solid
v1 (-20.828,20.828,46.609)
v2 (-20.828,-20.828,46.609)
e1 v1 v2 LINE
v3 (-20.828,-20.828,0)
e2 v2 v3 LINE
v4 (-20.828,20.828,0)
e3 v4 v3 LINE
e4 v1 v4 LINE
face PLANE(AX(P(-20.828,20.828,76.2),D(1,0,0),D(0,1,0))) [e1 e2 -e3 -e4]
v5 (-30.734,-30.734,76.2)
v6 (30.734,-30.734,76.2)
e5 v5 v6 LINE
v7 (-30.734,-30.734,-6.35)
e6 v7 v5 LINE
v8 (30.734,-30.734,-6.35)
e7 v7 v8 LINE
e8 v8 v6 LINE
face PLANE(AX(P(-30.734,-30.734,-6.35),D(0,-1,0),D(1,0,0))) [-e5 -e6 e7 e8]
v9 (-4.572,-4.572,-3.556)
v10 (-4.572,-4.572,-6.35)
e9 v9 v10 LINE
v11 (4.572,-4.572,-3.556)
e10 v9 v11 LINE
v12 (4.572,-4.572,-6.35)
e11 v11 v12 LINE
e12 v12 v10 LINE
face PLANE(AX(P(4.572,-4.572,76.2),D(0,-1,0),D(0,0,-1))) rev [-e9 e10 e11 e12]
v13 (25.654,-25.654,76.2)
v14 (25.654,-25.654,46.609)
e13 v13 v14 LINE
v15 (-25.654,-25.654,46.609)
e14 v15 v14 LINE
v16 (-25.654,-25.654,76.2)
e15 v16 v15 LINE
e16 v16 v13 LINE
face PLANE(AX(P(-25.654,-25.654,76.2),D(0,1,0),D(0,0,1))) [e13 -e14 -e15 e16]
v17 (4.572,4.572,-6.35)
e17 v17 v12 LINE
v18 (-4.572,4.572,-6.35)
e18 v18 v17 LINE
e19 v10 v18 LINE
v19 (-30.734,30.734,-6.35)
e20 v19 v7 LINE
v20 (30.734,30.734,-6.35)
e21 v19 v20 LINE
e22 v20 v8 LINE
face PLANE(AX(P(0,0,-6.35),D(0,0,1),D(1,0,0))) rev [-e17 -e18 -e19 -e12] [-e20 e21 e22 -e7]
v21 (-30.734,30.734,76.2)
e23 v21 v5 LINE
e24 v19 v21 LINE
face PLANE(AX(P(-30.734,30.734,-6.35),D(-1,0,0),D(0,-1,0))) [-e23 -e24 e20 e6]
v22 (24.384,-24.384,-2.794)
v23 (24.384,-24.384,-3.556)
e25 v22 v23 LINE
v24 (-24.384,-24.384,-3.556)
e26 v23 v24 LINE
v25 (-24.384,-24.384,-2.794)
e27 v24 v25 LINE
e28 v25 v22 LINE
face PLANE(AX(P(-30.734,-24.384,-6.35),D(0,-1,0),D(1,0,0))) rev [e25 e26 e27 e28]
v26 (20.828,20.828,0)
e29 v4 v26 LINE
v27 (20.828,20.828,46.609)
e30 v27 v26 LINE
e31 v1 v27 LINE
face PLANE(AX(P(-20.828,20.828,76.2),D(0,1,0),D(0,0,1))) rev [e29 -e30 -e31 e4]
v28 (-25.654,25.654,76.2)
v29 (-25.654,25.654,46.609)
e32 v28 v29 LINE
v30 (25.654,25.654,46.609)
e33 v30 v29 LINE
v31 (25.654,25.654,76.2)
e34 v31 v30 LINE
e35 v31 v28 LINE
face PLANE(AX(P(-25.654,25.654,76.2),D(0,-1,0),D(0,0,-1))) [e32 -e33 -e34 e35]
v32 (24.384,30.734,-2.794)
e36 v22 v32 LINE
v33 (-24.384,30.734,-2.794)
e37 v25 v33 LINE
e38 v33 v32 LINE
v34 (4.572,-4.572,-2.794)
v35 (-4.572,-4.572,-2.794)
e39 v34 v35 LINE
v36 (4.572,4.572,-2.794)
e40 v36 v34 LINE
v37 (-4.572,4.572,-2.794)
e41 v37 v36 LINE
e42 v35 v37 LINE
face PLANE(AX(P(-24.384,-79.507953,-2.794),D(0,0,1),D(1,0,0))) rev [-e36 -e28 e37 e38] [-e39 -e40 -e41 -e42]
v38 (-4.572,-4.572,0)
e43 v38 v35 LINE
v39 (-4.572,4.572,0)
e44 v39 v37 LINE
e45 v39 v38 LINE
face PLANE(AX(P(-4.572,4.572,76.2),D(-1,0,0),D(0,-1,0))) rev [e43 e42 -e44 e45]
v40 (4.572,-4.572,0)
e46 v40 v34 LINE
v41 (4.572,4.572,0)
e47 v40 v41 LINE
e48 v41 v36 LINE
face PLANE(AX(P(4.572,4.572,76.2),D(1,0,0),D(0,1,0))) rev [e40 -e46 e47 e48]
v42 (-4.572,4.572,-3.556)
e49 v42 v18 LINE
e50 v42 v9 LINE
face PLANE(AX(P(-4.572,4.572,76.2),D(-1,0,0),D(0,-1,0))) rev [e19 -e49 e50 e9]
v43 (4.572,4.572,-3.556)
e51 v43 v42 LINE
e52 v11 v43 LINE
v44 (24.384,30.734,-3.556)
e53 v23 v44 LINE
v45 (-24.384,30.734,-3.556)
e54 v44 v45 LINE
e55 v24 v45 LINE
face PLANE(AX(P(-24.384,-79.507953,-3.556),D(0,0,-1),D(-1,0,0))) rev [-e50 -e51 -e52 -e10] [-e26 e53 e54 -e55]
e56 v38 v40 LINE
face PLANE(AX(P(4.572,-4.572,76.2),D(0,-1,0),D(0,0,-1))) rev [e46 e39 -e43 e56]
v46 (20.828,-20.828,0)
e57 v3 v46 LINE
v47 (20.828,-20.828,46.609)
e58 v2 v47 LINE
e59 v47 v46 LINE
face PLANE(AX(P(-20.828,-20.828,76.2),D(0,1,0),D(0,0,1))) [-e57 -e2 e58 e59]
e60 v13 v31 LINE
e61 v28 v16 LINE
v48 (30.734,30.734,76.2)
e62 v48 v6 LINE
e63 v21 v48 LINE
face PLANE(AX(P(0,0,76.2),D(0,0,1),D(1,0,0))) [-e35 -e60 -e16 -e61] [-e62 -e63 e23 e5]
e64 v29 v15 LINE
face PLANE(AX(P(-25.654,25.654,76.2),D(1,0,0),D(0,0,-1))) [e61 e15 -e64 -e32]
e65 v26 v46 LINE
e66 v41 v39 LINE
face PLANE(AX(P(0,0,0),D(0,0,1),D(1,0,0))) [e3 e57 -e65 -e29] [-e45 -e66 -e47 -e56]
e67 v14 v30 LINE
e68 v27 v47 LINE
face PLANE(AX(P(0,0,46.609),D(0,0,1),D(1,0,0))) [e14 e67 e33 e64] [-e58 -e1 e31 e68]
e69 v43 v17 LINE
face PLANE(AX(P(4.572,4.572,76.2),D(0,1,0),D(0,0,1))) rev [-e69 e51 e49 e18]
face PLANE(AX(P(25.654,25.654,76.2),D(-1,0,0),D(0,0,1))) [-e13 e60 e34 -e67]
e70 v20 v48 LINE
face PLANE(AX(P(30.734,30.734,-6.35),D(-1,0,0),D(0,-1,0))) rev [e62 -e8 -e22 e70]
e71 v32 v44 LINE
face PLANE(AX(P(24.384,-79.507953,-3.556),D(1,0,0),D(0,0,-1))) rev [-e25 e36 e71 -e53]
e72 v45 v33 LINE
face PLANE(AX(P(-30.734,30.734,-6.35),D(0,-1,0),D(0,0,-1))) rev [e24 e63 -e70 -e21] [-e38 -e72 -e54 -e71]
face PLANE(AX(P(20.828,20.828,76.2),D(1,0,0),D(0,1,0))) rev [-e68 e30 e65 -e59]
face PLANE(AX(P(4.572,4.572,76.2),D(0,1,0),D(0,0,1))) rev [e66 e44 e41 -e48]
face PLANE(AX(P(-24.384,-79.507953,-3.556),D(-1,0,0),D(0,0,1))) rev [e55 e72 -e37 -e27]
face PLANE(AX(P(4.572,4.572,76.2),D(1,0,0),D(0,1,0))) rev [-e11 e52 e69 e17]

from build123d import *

# Parameters (mm, degrees)
BOSS_EXTRUDE1_DEPTH      = 76.2
BOSS_EXTRUDE1_DEPTH_BACK = 6.35
SKETCH1_W                = 61.468
SKETCH1_H                = 61.468
SKETCH1_3_W              = 41.656
SKETCH1_3_H              = 41.656
CUT_EXTRUDE1_DEPTH       = 88.724554784
SKETCH2_W                = 51.308
SKETCH2_H                = 51.308
CUT_EXTRUDE2_DEPTH       = 69.511409218
SKETCH5_W                = 9.144
SKETCH5_H                = 9.144
CUT_EXTRUDE3_DEPTH       = 94.293408192
SKETCH6_W                = 48.768
SKETCH6_H                = 0.762
CUT_EXTRUDE4_DEPTH       = 55.118


with BuildPart() as part:
    # Sketch1 → Boss-Extrude1 (new, two sides: drawn at the far end of the back side and taken through both)
    with BuildSketch(Plane.XY.offset(-BOSS_EXTRUDE1_DEPTH_BACK)):
        Rectangle(SKETCH1_W, SKETCH1_H)
    extrude(amount=BOSS_EXTRUDE1_DEPTH + BOSS_EXTRUDE1_DEPTH_BACK)

    # Sketch1<3> → Cut-Extrude1 (cut, through all)
    with BuildSketch(Plane.XY):
        Rectangle(SKETCH1_3_W, SKETCH1_3_H)
    extrude(amount=CUT_EXTRUDE1_DEPTH, mode=Mode.SUBTRACT)

    # Sketch2 → Cut-Extrude2 (cut, through all)
    with BuildSketch(Plane.XY.offset(46.609)):
        Rectangle(SKETCH2_W, SKETCH2_H)
    extrude(amount=CUT_EXTRUDE2_DEPTH, mode=Mode.SUBTRACT)

    # Sketch5 → Cut-Extrude3 (cut, through all)
    with BuildSketch(Plane(origin=(0, 0, -6.35), x_dir=(-1, 0, 0), z_dir=(0, 0, -1))):
        Rectangle(SKETCH5_W, SKETCH5_H)
    extrude(amount=-CUT_EXTRUDE3_DEPTH, mode=Mode.SUBTRACT)

    # Sketch6 → Cut-Extrude4 (cut)
    with BuildSketch(Plane(origin=(0, 30.734, 0), x_dir=(1, 0, 0), z_dir=(0, 1, 0))):
        with Locations((0, 3.175)):
            Rectangle(SKETCH6_W, SKETCH6_H)
    extrude(amount=-CUT_EXTRUDE4_DEPTH, mode=Mode.SUBTRACT)


solid = part.part
